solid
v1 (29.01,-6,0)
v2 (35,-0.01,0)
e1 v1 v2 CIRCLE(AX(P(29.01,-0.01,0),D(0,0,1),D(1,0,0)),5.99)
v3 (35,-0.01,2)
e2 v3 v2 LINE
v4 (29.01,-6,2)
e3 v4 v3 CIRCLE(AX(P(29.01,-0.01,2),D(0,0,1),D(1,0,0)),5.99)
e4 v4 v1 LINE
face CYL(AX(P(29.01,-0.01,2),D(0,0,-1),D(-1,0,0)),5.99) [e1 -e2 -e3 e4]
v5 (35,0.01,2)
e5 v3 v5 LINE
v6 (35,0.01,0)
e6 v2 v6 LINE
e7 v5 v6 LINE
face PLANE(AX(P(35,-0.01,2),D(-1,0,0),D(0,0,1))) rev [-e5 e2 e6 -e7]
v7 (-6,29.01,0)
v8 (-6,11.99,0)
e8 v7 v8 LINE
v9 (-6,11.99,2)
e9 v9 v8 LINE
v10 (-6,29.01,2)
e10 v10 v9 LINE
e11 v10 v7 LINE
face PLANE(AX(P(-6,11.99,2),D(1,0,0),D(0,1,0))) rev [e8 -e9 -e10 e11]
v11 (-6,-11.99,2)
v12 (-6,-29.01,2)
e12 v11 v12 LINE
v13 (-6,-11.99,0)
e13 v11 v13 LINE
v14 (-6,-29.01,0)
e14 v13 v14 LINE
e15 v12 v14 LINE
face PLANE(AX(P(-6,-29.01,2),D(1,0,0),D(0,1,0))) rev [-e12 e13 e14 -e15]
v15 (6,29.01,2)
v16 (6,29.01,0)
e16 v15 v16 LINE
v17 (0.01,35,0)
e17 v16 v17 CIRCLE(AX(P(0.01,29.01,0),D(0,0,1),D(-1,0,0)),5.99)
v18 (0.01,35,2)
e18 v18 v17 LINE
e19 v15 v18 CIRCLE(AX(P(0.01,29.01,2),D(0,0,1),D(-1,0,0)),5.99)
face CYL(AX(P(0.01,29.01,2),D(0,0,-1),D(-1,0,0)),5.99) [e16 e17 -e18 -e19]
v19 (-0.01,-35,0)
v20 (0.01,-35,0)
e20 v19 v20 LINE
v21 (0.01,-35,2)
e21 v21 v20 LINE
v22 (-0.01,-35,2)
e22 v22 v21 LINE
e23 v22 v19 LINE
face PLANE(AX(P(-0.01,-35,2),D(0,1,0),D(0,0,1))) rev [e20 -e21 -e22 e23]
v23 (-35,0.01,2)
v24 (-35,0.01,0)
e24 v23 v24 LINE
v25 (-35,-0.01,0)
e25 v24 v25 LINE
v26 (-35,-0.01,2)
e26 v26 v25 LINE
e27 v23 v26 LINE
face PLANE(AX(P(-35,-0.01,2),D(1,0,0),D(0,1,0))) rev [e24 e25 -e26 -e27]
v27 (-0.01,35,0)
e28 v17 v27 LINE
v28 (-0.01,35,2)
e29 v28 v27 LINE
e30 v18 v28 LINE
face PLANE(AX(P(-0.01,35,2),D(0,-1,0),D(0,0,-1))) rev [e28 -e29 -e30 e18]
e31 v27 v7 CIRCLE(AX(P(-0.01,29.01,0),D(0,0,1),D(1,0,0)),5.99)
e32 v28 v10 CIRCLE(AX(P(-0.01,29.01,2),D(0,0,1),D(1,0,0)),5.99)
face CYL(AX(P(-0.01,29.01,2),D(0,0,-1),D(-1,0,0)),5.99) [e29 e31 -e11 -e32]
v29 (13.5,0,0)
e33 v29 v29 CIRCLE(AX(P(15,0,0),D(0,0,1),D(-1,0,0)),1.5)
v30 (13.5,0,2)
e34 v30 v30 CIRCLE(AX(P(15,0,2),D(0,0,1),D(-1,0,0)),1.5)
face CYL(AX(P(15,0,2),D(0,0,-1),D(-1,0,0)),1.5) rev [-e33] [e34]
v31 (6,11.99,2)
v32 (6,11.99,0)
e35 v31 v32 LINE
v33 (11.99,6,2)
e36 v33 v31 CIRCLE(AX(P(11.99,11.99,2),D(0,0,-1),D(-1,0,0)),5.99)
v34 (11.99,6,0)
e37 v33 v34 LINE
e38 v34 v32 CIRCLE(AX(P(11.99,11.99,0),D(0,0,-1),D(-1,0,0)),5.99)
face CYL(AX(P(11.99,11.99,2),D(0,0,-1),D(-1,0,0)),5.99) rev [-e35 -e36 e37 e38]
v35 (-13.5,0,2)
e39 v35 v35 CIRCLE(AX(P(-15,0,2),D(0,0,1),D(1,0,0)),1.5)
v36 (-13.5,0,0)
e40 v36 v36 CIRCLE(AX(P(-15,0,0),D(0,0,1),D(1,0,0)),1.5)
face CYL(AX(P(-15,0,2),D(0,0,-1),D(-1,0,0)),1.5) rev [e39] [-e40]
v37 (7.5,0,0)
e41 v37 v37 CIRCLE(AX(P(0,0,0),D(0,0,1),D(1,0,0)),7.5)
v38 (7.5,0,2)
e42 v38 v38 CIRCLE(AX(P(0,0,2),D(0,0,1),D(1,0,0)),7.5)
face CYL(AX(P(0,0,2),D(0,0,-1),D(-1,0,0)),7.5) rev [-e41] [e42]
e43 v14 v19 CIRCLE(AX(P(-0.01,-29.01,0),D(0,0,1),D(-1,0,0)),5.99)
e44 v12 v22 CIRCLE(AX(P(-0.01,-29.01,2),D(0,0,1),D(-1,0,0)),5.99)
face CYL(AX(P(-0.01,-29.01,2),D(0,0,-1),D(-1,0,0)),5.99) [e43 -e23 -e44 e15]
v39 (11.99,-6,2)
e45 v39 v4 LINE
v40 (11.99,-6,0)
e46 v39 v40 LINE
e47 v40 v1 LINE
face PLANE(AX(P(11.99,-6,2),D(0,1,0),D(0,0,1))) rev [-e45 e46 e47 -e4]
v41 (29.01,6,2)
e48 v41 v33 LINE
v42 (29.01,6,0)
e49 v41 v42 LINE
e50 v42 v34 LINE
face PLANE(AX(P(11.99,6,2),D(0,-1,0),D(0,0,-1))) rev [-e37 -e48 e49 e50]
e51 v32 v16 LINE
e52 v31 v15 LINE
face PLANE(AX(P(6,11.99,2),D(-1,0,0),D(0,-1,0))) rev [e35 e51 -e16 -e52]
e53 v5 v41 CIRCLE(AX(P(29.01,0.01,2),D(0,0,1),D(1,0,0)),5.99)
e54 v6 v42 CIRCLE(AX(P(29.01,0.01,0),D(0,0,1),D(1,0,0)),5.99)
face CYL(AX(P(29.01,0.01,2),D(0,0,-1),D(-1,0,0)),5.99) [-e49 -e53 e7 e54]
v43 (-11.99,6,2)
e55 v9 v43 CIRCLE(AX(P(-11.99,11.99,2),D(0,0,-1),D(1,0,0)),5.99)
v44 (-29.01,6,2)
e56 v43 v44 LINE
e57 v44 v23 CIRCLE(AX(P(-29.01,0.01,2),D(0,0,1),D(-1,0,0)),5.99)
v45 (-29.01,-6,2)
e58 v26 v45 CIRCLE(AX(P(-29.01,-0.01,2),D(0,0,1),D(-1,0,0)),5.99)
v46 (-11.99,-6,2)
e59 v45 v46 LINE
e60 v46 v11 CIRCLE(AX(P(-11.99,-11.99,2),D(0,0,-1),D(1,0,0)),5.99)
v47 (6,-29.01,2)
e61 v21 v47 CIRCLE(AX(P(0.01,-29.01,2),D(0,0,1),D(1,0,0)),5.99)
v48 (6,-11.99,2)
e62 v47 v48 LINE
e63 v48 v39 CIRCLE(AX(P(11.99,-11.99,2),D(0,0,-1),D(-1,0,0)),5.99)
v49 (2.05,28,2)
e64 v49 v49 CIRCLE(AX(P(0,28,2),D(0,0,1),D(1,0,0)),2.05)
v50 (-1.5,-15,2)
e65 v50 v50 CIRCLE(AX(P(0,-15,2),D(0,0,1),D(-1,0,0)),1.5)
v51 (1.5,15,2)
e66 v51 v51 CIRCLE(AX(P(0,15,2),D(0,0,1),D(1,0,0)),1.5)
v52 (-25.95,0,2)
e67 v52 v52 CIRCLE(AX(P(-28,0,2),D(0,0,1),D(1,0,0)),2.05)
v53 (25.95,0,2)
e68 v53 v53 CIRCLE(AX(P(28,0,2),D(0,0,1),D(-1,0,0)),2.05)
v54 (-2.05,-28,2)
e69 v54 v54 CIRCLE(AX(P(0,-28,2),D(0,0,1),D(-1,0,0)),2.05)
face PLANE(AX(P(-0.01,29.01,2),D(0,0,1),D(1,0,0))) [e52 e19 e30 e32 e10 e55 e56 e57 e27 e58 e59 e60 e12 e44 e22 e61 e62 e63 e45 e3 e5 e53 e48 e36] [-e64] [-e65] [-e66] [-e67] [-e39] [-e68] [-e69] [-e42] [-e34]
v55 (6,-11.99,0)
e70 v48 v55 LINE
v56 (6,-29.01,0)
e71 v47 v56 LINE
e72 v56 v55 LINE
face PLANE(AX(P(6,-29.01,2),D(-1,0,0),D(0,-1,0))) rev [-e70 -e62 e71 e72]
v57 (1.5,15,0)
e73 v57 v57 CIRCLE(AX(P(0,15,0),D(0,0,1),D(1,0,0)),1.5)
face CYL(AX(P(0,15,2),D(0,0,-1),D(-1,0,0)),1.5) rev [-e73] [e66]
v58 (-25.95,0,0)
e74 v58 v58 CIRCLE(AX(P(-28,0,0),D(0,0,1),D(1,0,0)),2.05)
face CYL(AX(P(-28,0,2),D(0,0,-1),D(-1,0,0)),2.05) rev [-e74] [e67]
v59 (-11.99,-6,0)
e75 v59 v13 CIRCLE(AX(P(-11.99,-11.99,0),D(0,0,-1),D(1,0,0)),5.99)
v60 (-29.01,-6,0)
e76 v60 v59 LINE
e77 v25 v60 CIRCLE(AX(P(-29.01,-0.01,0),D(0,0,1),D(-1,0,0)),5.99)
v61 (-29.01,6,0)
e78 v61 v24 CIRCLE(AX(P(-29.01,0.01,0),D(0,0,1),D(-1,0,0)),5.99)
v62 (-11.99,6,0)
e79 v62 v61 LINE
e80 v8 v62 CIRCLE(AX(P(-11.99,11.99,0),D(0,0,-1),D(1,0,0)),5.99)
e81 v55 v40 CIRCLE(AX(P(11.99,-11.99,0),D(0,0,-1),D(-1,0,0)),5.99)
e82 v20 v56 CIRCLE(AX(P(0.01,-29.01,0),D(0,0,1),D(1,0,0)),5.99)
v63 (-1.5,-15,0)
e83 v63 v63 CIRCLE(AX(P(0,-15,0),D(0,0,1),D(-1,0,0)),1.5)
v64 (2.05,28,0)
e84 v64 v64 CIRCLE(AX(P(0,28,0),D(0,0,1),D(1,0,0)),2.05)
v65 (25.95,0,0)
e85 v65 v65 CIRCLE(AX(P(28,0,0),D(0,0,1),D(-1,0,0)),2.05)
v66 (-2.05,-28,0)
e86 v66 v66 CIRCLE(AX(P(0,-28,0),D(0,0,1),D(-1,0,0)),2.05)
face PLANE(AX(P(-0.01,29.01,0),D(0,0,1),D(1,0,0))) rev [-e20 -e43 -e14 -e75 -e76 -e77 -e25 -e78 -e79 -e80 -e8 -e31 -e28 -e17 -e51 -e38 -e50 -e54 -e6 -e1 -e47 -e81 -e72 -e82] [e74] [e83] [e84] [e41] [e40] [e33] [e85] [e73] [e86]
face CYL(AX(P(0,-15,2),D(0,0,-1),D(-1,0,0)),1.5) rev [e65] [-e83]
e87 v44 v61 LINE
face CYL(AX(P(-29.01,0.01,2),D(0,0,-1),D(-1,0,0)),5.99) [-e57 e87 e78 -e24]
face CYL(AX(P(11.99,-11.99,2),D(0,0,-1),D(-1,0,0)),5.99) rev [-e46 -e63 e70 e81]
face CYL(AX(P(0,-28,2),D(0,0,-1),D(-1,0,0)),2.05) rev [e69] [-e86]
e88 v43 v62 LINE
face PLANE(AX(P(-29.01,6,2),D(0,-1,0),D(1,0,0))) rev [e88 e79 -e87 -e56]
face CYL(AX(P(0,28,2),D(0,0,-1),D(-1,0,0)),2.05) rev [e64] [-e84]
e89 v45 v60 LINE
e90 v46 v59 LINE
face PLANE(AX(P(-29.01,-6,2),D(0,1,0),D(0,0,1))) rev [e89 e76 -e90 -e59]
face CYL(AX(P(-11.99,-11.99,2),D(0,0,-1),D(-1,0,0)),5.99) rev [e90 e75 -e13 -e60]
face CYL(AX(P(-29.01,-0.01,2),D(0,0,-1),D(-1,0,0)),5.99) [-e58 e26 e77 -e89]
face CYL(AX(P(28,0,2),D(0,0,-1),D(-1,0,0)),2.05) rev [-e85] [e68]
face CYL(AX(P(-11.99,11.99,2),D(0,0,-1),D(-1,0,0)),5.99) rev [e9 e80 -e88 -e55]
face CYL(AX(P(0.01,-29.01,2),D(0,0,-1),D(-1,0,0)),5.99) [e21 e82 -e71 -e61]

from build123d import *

# Parameters (mm, degrees)
SKETCH1_R           = 7.5
SKETCH1_R_2         = 2.05
SKETCH1_R_3         = 1.5
BOSS_EXTRUDE1_DEPTH = 2


with BuildPart() as part:
    # Sketch1 → Boss-Extrude1 (new body)
    with BuildSketch(Plane.XY):
        with BuildLine():
            Line((11.99, -6), (29.01, -6))
            ThreePointArc((29.01, -6), (33.245569619, -4.245569619), (35, -0.01))
            Line((35, -0.01), (35, 0.01))
            ThreePointArc((35, 0.01), (33.245569619, 4.245569619), (29.01, 6))
            Line((29.01, 6), (11.99, 6))
            ThreePointArc((11.99, 6), (7.754430381, 7.754430381), (6, 11.99))
            Line((6, 11.99), (6, 29.01))
            ThreePointArc((6, 29.01), (4.245569619, 33.245569619), (0.01, 35))
            Line((0.01, 35), (-0.01, 35))
            ThreePointArc((-0.01, 35), (-4.245569619, 33.245569619), (-6, 29.01))
            Line((-6, 29.01), (-6, 11.99))
            ThreePointArc((-6, 11.99), (-7.754430381, 7.754430381), (-11.99, 6))
            Line((-11.99, 6), (-29.01, 6))
            ThreePointArc((-29.01, 6), (-33.245569619, 4.245569619), (-35, 0.01))
            Line((-35, 0.01), (-35, -0.01))
            ThreePointArc((-35, -0.01), (-33.245569619, -4.245569619), (-29.01, -6))
            Line((-29.01, -6), (-11.99, -6))
            ThreePointArc((-11.99, -6), (-7.754430381, -7.754430381), (-6, -11.99))
            Line((-6, -11.99), (-6, -29.01))
            ThreePointArc((-6, -29.01), (-4.245569619, -33.245569619), (-0.01, -35))
            Line((-0.01, -35), (0.01, -35))
            ThreePointArc((0.01, -35), (4.245569619, -33.245569619), (6, -29.01))
            Line((6, -29.01), (6, -11.99))
            ThreePointArc((6, -11.99), (7.754430381, -7.754430381), (11.99, -6))
        make_face()
        Circle(SKETCH1_R, mode=Mode.SUBTRACT)
        with Locations((-28, 0)):
            Circle(SKETCH1_R_2, mode=Mode.SUBTRACT)
        with Locations(Location((28, 0, 0), (0, 0, 180))):
            Circle(SKETCH1_R_2, mode=Mode.SUBTRACT)
        with Locations((0, 28)):
            Circle(SKETCH1_R_2, mode=Mode.SUBTRACT)
        with Locations(Location((0, -28, 0), (0, 0, 180))):
            Circle(SKETCH1_R_2, mode=Mode.SUBTRACT)
        with Locations((0, 15)):
            Circle(SKETCH1_R_3, mode=Mode.SUBTRACT)
        with Locations(Location((0, -15, 0), (0, 0, 180))):
            Circle(SKETCH1_R_3, mode=Mode.SUBTRACT)
        with Locations((-15, 0)):
            Circle(SKETCH1_R_3, mode=Mode.SUBTRACT)
        with Locations(Location((15, 0, 0), (0, 0, 180))):
            Circle(SKETCH1_R_3, mode=Mode.SUBTRACT)
    extrude(amount=BOSS_EXTRUDE1_DEPTH)


solid = part.part
